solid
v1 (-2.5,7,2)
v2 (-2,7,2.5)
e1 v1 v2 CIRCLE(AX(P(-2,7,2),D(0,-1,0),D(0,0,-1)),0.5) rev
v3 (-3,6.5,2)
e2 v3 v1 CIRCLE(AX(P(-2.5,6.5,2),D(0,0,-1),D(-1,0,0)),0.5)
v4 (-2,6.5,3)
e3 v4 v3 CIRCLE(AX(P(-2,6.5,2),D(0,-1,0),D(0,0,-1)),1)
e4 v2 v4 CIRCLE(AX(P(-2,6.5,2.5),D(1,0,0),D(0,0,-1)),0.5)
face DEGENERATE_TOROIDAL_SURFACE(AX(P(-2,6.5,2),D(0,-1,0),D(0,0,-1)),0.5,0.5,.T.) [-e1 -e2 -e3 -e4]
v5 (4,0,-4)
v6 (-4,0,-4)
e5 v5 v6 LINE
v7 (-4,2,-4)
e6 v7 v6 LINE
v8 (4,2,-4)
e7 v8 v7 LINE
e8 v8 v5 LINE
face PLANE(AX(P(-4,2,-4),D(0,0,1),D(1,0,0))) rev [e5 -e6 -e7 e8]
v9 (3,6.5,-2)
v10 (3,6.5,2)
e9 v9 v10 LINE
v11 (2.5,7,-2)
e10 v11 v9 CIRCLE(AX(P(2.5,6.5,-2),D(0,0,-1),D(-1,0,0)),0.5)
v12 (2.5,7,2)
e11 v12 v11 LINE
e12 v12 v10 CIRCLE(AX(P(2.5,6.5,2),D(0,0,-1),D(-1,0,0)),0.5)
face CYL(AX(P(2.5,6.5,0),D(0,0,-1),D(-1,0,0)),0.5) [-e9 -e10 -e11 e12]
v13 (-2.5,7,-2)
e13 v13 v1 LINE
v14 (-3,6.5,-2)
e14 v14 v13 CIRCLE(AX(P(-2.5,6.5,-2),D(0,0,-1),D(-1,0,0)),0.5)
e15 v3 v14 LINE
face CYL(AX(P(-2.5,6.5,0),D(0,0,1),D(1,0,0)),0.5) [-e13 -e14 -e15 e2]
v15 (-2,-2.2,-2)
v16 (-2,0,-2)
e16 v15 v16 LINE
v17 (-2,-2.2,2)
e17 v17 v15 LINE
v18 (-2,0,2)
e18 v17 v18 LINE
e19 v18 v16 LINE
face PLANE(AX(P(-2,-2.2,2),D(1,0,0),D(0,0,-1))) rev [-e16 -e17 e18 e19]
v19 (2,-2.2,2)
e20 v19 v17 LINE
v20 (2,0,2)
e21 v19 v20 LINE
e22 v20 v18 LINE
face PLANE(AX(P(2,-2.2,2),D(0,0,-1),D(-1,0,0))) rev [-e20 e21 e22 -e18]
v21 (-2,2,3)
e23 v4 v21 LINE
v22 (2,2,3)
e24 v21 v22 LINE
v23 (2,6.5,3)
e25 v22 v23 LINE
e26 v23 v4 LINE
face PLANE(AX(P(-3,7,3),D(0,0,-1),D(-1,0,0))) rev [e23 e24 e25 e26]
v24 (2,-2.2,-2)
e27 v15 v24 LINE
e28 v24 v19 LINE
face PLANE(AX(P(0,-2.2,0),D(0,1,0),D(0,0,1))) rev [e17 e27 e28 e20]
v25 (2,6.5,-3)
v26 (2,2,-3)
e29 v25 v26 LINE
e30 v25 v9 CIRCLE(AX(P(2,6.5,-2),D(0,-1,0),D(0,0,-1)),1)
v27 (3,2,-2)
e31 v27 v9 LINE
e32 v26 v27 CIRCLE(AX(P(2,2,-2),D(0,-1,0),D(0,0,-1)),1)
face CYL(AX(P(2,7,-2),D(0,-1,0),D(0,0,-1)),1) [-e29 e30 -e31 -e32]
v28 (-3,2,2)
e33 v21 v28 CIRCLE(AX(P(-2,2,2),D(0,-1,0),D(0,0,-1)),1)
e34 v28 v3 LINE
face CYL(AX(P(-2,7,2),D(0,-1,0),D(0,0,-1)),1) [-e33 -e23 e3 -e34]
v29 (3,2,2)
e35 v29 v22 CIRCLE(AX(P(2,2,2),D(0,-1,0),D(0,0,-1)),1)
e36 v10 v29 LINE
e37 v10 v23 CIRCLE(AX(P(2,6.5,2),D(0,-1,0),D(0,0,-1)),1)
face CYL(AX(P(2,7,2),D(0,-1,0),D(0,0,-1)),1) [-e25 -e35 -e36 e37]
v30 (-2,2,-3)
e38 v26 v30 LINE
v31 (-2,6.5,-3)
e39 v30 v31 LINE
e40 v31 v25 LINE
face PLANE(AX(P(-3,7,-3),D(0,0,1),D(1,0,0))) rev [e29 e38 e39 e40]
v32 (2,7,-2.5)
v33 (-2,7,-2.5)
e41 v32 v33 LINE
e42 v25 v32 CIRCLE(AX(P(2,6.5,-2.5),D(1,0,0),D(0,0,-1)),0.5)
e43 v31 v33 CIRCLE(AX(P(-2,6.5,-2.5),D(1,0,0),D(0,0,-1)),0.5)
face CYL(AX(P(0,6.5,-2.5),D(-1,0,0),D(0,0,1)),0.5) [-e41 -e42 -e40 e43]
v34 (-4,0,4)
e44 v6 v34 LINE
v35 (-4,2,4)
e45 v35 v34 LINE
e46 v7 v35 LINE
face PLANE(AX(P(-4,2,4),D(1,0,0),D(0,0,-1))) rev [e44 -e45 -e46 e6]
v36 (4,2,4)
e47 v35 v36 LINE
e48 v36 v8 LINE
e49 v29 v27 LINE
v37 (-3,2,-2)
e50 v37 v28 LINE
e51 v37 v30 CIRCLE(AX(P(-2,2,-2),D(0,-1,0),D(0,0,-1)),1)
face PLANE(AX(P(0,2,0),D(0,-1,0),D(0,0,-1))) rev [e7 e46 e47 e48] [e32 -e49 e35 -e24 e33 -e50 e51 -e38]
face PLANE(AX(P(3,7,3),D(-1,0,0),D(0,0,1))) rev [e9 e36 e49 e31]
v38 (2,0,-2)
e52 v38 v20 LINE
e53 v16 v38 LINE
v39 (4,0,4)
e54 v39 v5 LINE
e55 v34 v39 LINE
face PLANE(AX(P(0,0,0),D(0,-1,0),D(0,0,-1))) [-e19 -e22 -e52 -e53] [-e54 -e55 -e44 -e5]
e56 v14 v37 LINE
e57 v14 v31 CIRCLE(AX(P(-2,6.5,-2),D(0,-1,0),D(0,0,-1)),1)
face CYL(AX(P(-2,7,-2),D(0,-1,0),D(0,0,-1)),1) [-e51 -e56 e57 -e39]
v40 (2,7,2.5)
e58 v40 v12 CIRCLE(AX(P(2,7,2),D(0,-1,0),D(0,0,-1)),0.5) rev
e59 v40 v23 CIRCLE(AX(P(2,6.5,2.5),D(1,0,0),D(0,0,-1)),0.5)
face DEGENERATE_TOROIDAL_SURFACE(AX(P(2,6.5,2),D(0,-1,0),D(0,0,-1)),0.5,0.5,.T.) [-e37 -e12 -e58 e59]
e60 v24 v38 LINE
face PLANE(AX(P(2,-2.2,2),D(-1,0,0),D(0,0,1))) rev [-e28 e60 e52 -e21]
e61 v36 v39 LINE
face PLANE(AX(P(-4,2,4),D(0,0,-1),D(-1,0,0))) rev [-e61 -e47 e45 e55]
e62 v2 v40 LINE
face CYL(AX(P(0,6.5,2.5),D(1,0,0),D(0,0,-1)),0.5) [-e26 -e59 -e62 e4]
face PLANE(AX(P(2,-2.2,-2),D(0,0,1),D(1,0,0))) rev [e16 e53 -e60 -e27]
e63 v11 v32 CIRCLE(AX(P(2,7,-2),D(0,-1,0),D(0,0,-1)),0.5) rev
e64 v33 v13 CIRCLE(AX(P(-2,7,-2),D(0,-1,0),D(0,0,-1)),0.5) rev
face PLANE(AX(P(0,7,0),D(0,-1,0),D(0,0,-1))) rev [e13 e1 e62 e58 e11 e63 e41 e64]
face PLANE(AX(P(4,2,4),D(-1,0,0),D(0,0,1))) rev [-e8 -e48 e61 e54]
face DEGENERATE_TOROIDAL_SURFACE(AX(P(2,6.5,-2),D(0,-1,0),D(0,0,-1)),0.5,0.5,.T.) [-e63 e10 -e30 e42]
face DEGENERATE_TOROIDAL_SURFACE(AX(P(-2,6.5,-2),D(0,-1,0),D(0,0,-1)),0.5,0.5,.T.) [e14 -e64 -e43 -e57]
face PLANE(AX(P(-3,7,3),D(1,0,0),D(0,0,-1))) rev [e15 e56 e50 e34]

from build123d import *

# Parameters (mm, degrees)
SKETCH1_W           = 8
SKETCH1_H           = 8
BOSS_EXTRUDE1_DEPTH = 2
SKETCH2_W           = 6
SKETCH2_H           = 6
BOSS_EXTRUDE2_DEPTH = 5
FILLET1_R           = 1
SKETCH3_W           = 4
SKETCH3_H           = 4
BOSS_EXTRUDE3_DEPTH = 2.2
FILLET2_R           = 0.5


with BuildPart() as part:
    # Sketch1 → Boss-Extrude1 (new body)
    with BuildSketch(Plane(origin=(0, 0, 0), x_dir=(1, 0, 0), z_dir=(0, 1, 0))):
        Rectangle(SKETCH1_W, SKETCH1_H)
    extrude(amount=BOSS_EXTRUDE1_DEPTH)

    # Sketch2 → Boss-Extrude2 (add)
    with BuildSketch(Plane(origin=(0, 2, 0), x_dir=(1, 0, 0), z_dir=(0, 1, 0))):
        Rectangle(SKETCH2_W, SKETCH2_H)
    extrude(amount=BOSS_EXTRUDE2_DEPTH)

    # Fillet1
    fillet1_edges = [part.edges().sort_by_distance(p)[0] for p in [
        (3, 4.5, 3),
        (3, 4.5, -3),
        (-3, 4.5, -3),
        (-3, 4.5, 3),
    ]]
    fillet(fillet1_edges, radius=FILLET1_R)

    # Sketch3 → Boss-Extrude3 (add)
    with BuildSketch(Plane(origin=(0, 0, 0), x_dir=(-1, 0, 0), z_dir=(0, -1, 0))):
        Rectangle(SKETCH3_W, SKETCH3_H)
    extrude(amount=BOSS_EXTRUDE3_DEPTH)

    # Fillet2
    fillet2_edges = [part.edges().sort_by_distance(p)[0] for p in [
        (3, 7, 0),
        (0, 7, 3),
        (0, 7, -3),
        (-3, 7, 0),
        (-2.707106781, 7, -2.707106781),
        (-2.707106781, 7, 2.707106781),
        (2.707106781, 7, -2.707106781),
        (2.707106781, 7, 2.707106781),
    ]]
    fillet(fillet2_edges, radius=FILLET2_R)


solid = part.part
